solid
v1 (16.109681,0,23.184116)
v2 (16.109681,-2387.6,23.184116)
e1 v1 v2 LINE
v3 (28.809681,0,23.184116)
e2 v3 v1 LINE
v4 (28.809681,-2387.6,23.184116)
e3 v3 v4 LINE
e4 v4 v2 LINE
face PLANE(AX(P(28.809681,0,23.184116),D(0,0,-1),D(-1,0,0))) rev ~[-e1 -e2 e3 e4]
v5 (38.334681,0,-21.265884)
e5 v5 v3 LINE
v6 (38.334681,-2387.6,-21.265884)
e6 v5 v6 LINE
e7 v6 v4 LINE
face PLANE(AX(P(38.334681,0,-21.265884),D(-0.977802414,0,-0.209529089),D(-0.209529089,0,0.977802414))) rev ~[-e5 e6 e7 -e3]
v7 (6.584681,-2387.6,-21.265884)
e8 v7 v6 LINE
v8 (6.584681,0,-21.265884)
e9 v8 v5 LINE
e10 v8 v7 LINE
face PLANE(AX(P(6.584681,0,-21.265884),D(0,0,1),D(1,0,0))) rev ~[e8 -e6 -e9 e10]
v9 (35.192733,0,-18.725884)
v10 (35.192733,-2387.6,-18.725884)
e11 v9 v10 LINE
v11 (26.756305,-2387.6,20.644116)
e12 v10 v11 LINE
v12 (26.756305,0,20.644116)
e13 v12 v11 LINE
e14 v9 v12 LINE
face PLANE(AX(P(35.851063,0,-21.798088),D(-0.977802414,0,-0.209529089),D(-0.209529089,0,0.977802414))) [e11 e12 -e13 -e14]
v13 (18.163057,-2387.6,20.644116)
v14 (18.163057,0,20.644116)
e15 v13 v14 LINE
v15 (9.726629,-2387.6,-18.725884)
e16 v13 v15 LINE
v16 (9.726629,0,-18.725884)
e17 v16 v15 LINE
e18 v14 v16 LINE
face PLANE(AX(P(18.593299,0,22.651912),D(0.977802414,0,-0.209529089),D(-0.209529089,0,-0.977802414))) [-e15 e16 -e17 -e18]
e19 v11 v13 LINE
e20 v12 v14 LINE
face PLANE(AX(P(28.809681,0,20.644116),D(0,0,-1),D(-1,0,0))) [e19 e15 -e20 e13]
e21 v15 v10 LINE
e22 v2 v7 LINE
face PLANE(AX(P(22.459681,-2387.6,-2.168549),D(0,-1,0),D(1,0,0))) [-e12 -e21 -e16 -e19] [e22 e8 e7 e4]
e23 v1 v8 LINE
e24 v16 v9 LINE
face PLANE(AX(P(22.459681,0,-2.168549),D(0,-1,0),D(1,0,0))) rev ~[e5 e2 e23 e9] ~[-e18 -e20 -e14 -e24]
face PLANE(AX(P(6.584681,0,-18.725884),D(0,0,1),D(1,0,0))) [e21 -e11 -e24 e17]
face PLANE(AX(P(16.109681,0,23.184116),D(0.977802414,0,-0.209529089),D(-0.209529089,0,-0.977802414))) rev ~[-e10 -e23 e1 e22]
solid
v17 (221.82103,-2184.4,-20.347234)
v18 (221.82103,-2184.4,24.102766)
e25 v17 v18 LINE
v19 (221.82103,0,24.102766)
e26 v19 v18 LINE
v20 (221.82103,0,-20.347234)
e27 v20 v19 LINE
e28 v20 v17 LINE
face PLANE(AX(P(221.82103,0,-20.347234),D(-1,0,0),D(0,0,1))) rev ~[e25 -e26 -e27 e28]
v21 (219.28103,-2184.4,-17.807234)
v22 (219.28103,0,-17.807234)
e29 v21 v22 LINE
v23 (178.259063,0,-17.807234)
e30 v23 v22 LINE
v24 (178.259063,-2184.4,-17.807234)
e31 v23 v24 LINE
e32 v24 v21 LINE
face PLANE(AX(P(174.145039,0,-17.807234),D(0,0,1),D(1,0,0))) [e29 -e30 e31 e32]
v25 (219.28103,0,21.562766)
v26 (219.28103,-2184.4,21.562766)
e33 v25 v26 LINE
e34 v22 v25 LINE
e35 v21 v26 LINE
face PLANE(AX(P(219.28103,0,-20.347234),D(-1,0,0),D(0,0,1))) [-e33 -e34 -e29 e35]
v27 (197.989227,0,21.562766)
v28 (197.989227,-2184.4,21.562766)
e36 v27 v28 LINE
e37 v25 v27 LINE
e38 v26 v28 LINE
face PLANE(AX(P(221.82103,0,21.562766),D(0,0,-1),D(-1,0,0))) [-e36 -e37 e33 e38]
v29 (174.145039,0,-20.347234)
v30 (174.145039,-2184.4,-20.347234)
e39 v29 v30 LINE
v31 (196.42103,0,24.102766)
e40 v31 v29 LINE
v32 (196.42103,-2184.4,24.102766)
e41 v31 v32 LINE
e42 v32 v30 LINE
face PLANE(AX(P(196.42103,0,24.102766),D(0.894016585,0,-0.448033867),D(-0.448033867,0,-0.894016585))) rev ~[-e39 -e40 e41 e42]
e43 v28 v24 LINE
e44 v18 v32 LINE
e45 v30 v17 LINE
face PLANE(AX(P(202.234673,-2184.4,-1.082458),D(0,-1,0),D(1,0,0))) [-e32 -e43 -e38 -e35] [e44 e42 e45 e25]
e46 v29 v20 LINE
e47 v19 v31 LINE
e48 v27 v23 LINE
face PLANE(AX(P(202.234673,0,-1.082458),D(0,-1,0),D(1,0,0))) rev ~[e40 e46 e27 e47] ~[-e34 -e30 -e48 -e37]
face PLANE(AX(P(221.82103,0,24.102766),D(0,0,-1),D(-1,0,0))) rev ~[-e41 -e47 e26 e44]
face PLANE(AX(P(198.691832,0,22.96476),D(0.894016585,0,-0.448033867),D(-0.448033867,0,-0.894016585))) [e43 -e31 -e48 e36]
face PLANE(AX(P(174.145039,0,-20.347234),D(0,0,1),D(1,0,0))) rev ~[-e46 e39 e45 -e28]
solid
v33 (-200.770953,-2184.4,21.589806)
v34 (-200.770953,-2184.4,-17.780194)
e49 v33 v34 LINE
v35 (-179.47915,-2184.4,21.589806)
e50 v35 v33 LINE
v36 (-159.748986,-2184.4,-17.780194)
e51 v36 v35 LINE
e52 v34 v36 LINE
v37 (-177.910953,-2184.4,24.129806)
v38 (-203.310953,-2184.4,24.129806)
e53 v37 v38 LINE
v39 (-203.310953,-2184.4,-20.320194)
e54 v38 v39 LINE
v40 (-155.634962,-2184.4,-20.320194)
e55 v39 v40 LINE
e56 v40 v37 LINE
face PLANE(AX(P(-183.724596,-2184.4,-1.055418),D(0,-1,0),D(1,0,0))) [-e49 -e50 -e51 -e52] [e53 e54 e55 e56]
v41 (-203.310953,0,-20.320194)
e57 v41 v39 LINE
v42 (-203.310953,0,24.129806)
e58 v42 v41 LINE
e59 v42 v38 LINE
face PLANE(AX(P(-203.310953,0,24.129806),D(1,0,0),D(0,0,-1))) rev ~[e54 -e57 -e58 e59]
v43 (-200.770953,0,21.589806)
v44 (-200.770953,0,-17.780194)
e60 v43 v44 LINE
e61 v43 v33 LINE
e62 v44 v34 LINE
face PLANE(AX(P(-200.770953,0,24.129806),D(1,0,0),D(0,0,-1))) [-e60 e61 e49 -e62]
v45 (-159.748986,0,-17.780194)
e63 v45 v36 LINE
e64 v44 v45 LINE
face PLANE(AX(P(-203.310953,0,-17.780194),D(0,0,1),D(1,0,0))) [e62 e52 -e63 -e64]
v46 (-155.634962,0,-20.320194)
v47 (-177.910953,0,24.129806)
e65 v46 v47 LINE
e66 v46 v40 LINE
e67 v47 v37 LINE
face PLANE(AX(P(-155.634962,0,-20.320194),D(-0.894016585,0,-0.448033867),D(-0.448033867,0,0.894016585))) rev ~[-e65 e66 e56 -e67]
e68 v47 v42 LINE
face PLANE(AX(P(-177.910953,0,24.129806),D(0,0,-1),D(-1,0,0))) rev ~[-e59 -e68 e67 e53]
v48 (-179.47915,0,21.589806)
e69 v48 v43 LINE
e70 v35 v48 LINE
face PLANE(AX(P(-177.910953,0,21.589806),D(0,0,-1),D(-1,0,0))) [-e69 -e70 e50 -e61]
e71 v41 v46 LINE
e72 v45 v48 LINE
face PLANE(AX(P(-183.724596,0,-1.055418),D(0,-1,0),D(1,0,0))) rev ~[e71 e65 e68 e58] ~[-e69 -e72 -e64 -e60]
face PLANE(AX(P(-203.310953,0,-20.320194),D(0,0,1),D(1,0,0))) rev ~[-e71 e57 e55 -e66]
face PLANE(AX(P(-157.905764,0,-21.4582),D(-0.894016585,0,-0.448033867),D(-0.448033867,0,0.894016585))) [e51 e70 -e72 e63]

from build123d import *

# Parameters (mm, degrees)
F1_DEPTH = 2184.4
F2_T     = -2.54
F5_DEPTH = 2387.6
F6_T     = -2.54
F7_DEPTH = 2184.4
F8_T     = -2.54


with BuildPart() as f1:
    # F0 (on Front) → F1 (new body)
    with BuildSketch(Plane.XZ):
        Polygon((-177.910953, 24.129806), (-203.310953, 24.129806), (-203.310953, -20.320194), (-177.646502, -20.320194), (-155.634962, -20.320194), align=None)
    extrude(amount=F1_DEPTH)

    # F2
    f2_openings = [f1.faces().sort_by_distance(p)[0] for p in [
        (-184.476083, -2184.4, -0.3535),
        (-184.476083, 0, -0.3535),
    ]]
    offset(amount=F2_T, openings=f2_openings)


with BuildPart() as f5:
    # F3 (on Front) → F5 (new body)
    with BuildSketch(Plane.XZ):
        Polygon((16.109681, 23.184116), (6.584681, -21.265884), (38.334681, -21.265884), (28.809681, 23.184116), align=None)
    extrude(amount=F5_DEPTH)

    # F6
    f6_openings = [f5.faces().sort_by_distance(p)[0] for p in [
        (22.459681, 0, -2.215884),
        (22.459681, -2387.6, -2.215884),
    ]]
    offset(amount=F6_T, openings=f6_openings)


with BuildPart() as f7:
    # F4 (on Front) → F7 (new body)
    with BuildSketch(Plane.XZ):
        Polygon((221.82103, -20.347234), (221.82103, 24.102766), (196.42103, 24.102766), (174.145039, -20.347234), align=None)
    extrude(amount=F7_DEPTH)

    # F8
    f8_openings = [f7.faces().sort_by_distance(p)[0] for p in [
        (202.98616, -2184.4, -0.380541),
        (202.98616, 0, -0.380541),
    ]]
    offset(amount=F8_T, openings=f8_openings)


solid = Compound([f1.part, f5.part, f7.part])
